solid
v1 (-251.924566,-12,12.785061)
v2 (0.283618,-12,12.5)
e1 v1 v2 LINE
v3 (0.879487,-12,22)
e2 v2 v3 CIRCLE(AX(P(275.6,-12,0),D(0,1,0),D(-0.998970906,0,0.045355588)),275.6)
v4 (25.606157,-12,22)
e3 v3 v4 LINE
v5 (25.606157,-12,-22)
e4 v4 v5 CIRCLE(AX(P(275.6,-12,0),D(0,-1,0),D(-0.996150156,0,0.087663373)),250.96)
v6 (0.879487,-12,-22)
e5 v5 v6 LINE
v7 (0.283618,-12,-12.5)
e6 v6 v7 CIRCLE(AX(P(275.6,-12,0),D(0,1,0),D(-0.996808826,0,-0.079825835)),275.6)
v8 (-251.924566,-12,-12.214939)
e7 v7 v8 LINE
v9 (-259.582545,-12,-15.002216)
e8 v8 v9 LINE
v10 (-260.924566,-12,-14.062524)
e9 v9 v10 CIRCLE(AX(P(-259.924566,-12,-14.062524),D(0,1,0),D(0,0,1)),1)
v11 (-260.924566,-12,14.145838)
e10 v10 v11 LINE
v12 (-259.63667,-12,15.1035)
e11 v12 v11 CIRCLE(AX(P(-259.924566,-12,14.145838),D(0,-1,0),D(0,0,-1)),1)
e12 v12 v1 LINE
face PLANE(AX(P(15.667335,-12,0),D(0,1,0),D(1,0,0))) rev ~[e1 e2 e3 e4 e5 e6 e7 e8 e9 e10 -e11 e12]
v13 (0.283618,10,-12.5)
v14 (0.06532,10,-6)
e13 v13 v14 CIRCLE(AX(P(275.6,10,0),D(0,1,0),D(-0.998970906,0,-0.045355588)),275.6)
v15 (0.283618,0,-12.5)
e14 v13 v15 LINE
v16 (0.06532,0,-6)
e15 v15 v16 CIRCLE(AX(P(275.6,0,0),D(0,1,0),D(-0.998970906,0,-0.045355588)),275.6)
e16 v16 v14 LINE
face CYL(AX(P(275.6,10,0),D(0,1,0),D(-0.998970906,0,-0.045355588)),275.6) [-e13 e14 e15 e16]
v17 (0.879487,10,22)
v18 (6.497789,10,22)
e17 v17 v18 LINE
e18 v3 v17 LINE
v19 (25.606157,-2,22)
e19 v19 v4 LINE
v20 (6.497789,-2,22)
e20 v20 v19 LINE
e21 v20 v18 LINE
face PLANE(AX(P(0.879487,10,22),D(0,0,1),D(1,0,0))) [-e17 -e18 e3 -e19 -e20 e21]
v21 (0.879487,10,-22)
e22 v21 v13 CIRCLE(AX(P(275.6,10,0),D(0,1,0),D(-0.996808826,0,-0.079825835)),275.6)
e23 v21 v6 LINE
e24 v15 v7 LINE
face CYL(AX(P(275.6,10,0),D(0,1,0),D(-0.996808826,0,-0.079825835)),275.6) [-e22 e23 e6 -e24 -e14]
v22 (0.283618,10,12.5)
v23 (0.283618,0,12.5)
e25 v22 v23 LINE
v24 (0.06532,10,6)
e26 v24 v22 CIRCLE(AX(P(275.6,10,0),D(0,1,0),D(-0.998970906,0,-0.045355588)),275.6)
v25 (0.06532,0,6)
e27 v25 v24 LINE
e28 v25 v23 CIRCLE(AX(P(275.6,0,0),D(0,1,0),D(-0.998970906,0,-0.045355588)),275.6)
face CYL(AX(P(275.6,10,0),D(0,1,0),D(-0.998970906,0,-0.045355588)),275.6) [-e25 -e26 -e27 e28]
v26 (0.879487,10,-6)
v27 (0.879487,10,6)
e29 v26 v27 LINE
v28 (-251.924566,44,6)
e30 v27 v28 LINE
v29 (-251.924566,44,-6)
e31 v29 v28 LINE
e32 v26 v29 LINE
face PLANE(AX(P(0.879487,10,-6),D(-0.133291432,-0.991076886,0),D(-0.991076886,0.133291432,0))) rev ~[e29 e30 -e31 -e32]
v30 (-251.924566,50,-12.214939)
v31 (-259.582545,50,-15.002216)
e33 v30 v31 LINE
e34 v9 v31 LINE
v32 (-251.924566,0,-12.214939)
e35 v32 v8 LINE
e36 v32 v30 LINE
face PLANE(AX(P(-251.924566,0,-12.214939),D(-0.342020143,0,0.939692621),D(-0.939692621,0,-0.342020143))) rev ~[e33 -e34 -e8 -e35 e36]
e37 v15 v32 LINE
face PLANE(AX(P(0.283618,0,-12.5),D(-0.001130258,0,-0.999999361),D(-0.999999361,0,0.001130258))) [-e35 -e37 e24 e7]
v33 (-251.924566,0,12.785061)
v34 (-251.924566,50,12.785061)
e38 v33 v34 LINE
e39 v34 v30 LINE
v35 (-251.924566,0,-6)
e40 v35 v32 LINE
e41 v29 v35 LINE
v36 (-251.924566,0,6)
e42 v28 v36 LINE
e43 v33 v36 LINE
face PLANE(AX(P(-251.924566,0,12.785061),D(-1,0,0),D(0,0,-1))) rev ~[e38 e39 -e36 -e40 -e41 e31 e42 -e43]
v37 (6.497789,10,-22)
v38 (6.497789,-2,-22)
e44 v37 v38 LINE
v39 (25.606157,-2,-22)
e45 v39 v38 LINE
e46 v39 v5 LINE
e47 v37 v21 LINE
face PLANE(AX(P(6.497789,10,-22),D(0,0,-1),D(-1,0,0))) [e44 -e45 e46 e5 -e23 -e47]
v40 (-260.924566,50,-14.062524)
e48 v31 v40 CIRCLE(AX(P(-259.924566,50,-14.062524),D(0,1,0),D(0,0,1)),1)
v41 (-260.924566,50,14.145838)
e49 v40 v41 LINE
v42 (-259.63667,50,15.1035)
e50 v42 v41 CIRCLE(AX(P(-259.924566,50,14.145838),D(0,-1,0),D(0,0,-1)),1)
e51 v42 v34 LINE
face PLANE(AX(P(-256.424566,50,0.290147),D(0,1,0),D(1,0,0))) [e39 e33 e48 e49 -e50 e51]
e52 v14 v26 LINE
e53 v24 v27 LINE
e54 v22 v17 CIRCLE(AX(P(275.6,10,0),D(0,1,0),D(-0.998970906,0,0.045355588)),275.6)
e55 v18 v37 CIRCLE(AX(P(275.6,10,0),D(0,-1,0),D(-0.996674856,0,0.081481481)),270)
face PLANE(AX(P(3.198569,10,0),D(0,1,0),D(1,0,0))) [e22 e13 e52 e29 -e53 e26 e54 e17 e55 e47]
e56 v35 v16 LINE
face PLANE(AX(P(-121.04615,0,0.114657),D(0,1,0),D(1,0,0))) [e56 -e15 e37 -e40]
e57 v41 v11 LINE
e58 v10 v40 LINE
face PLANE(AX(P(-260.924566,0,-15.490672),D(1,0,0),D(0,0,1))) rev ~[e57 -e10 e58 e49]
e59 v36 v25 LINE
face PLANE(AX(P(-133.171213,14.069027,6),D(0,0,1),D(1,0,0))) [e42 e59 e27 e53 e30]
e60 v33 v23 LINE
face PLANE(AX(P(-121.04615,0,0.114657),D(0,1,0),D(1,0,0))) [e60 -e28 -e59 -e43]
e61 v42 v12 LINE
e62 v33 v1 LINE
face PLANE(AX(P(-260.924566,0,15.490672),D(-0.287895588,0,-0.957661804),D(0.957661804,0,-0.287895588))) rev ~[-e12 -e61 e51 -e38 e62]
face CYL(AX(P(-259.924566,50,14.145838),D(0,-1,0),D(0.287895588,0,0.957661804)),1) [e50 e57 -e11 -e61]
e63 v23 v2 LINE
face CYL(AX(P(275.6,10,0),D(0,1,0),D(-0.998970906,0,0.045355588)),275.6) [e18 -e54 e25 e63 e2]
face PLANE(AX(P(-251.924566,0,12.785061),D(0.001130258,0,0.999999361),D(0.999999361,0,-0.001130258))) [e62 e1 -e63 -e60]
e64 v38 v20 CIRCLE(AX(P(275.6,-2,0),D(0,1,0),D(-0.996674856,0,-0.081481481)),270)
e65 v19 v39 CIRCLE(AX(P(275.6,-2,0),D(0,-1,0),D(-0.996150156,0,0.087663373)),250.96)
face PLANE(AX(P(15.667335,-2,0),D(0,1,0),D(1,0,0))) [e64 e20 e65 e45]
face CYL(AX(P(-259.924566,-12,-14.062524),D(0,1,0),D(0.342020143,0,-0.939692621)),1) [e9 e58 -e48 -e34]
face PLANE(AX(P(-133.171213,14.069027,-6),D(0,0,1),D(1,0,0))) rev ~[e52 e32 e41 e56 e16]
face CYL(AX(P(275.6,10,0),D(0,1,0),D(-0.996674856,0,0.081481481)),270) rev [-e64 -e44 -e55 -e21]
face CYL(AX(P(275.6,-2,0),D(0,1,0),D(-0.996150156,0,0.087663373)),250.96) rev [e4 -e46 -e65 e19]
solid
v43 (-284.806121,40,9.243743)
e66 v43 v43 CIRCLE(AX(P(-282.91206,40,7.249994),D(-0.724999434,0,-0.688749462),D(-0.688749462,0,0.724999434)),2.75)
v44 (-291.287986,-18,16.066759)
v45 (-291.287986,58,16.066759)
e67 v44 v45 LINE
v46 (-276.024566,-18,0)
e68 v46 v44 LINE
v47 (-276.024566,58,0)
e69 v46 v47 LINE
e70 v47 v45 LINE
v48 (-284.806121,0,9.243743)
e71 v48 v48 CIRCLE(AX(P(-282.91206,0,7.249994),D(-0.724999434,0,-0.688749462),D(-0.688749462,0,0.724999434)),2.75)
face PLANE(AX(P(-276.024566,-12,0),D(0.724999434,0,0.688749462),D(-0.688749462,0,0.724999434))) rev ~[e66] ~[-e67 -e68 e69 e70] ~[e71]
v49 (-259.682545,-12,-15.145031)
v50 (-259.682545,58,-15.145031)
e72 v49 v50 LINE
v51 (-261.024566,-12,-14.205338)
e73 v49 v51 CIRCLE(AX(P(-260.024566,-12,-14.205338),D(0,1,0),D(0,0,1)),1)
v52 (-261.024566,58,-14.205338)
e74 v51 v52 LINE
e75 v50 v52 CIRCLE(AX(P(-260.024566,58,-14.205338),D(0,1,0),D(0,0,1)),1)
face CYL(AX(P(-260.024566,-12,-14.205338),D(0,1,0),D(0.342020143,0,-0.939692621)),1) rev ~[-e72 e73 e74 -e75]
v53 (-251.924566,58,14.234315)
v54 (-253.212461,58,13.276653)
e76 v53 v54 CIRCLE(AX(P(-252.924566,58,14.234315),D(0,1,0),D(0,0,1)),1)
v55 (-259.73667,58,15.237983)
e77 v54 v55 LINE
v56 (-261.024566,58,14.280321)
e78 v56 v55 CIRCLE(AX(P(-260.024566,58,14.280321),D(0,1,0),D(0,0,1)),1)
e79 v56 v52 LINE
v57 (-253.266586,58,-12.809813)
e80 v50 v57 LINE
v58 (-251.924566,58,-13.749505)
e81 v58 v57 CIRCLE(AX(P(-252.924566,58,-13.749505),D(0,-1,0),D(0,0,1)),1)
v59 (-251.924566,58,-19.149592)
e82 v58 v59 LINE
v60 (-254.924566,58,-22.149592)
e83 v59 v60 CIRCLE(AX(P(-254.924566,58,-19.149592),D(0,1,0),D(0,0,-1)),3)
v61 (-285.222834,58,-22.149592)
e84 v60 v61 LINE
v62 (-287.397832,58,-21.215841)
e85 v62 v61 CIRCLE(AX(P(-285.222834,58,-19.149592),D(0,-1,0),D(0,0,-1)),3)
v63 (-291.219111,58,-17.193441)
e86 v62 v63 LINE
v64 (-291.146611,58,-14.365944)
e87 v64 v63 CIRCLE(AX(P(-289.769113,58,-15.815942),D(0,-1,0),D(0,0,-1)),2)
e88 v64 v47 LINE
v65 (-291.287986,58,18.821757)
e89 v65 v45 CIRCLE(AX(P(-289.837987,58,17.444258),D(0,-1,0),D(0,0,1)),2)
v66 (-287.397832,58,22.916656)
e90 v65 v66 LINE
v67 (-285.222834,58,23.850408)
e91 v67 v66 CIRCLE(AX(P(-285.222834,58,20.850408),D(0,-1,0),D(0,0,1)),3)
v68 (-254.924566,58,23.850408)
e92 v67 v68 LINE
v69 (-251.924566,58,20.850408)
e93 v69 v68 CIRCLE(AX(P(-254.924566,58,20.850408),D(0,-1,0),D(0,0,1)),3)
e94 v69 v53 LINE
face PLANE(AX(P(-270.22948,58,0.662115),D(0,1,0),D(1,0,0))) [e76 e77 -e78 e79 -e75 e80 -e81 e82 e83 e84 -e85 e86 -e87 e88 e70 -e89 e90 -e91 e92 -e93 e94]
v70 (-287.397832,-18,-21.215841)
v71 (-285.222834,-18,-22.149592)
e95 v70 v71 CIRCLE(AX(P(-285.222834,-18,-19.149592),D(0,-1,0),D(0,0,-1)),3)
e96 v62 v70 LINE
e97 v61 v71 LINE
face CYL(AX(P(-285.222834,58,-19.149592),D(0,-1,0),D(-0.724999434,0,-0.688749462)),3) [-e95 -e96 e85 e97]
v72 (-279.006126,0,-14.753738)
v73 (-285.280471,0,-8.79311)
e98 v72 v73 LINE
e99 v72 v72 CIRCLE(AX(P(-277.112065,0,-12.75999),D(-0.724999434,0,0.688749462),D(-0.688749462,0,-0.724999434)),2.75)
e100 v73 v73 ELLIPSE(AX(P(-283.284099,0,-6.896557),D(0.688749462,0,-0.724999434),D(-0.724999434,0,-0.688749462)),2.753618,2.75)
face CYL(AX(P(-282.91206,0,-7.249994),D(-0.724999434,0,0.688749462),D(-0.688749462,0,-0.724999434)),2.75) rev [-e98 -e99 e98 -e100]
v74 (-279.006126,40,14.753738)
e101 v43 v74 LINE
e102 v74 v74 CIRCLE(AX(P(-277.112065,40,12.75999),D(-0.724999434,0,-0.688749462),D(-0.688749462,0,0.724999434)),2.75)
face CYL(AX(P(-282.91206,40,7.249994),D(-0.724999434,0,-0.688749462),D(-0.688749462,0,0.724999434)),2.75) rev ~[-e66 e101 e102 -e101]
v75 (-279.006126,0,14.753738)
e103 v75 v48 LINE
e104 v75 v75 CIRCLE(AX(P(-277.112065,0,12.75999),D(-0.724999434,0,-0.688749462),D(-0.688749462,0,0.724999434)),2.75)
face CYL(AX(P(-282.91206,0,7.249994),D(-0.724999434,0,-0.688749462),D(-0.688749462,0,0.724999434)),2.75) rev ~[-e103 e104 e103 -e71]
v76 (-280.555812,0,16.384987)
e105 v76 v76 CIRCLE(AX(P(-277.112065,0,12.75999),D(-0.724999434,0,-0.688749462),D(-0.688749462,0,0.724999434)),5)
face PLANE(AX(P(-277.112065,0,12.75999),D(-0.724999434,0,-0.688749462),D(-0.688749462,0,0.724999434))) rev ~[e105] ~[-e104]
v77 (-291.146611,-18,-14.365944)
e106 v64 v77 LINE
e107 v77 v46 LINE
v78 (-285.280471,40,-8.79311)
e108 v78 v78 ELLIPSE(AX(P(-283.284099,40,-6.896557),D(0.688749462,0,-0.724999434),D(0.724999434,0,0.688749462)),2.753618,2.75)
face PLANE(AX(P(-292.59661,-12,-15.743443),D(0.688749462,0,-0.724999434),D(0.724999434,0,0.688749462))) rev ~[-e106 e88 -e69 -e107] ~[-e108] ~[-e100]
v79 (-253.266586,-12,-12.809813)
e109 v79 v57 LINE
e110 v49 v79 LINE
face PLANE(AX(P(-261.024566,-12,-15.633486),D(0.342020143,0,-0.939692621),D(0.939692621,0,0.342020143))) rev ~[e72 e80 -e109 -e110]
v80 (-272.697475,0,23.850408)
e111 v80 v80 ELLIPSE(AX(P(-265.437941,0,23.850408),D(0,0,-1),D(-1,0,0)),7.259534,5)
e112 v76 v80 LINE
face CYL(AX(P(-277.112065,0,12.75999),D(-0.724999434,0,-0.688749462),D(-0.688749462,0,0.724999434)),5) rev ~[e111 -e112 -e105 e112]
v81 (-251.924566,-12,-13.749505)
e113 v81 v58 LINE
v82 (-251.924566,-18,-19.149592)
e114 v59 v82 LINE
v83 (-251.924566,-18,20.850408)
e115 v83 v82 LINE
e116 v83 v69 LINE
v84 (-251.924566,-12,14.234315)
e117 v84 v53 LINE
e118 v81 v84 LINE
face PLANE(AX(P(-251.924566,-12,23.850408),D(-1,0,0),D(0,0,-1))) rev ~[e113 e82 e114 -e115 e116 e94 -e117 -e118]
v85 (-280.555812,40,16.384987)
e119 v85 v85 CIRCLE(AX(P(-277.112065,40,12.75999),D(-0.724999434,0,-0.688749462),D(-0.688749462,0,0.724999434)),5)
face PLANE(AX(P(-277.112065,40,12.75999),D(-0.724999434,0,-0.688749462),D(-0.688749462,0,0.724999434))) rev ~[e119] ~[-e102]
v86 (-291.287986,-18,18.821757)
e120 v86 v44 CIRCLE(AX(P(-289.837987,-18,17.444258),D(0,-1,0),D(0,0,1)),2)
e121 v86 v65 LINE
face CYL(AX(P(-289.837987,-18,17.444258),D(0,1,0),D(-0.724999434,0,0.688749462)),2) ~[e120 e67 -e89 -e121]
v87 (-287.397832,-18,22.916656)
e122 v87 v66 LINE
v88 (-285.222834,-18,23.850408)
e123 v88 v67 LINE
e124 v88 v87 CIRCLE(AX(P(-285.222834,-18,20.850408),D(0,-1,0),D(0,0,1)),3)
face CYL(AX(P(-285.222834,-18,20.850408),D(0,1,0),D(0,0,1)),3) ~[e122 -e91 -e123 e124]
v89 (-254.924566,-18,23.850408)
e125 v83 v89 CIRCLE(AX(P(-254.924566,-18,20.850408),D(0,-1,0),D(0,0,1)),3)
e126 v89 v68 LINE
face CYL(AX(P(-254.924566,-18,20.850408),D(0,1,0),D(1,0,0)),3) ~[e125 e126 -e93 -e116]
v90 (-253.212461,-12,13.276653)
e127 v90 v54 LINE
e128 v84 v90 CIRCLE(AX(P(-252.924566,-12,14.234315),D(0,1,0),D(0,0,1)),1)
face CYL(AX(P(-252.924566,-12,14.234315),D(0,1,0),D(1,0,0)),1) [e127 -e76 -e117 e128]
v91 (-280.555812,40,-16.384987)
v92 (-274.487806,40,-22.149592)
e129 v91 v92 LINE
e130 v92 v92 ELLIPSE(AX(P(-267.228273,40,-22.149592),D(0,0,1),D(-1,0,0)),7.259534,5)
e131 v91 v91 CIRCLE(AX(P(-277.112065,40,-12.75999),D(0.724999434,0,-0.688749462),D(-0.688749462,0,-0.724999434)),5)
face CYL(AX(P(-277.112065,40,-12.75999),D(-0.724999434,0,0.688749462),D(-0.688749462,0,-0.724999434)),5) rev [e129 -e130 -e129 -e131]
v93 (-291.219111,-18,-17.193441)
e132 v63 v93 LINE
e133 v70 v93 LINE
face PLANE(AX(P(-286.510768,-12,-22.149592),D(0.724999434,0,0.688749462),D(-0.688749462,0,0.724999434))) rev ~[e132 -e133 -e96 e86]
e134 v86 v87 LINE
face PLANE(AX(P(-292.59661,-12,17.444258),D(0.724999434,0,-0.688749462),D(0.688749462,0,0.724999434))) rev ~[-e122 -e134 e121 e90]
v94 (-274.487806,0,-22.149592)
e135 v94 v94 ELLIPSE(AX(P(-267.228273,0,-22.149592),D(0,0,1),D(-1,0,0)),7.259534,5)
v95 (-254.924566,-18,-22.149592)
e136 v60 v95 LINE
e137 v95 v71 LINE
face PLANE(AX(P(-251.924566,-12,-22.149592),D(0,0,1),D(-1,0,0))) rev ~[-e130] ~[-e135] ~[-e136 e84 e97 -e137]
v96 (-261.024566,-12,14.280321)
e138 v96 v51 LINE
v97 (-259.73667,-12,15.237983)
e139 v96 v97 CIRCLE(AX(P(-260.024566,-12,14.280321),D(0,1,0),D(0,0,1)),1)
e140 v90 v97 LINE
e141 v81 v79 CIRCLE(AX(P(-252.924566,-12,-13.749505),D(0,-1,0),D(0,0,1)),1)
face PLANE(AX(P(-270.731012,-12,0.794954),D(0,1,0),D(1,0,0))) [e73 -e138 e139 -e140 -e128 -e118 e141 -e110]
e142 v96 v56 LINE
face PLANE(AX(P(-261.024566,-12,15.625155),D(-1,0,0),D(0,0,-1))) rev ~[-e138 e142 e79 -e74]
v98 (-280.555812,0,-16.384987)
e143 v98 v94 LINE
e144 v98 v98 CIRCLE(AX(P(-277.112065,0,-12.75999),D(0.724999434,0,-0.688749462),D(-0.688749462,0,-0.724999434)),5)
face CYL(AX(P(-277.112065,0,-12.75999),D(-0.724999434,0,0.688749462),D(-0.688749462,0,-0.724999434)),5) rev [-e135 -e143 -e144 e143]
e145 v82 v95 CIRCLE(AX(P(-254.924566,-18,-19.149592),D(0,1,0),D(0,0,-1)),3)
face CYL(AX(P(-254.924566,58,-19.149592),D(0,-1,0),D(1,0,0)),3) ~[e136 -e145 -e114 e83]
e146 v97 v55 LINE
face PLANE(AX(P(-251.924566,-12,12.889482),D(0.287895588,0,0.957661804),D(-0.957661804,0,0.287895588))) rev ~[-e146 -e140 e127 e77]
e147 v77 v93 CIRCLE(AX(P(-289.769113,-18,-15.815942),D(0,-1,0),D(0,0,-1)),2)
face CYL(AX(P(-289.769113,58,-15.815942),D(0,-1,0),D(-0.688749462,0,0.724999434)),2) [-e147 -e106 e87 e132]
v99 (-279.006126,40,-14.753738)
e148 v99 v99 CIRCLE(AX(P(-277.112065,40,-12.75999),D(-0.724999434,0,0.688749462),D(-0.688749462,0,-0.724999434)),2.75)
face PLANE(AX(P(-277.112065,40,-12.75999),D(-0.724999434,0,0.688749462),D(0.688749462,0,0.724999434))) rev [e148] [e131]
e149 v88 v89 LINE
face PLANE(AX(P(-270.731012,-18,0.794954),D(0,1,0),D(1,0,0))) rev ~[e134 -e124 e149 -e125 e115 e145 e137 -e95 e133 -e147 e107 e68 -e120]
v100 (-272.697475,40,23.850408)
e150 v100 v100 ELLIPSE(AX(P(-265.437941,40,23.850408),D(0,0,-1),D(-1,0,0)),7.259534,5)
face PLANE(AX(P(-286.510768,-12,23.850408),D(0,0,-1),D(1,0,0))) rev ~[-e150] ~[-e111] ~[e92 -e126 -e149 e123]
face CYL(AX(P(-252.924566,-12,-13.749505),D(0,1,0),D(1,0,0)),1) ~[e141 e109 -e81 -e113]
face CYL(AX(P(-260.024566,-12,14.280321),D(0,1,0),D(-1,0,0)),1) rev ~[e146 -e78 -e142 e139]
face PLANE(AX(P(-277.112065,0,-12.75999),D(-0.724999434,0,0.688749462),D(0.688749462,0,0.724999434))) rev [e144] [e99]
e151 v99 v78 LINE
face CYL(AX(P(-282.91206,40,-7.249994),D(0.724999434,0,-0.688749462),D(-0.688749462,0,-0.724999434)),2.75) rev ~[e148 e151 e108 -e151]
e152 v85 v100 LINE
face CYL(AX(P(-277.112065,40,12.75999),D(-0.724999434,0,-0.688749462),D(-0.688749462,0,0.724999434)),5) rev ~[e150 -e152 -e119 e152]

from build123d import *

# Parameters (mm, degrees)
BOSS_EXTRUDE2_DEPTH       = 12
BOSS_EXTRUDE3_START       = -2
BOSS_EXTRUDE3_DEPTH       = 10
BOSS_EXTRUDE4_START       = 10
BOSS_EXTRUDE4_DEPTH       = 22
BOSS_EXTRUDE5_START       = -12
BOSS_EXTRUDE5_DEPTH       = 6
BOSS_EXTRUDE6_START       = -12
BOSS_EXTRUDE6_DEPTH       = 70
BOSS_EXTRUDE7_DEPTH       = 50
BOSS_EXTRUDE17_DEPTH      = 6
BOSS_EXTRUDE17_DEPTH_BACK = 6
CUT_EXTRUDE1_START        = -8
SKETCH5_R                 = 5
CUT_EXTRUDE1_DEPTH        = 235.157775221
SKETCH5_3_R               = 2.75
CUT_EXTRUDE2_DEPTH        = 243.157775221
FILLET1_R                 = 1
FILLET2_R                 = 1
FILLET3_R                 = 3
FILLET4_R                 = 2


with BuildPart() as part:
    # Sketch2 → Boss-Extrude2 (new body)
    with BuildSketch(Plane(origin=(0, 0, 0), x_dir=(1, 0, 0), z_dir=(0, 1, 0))):
        with BuildLine():
            Line((-260.92456554, 15.490671542), (-260.92456554, -15.490671542))
            Line((-260.92456554, -15.490671542), (-251.92456554, -12.785060566))
            Line((-251.92456554, -12.785060566), (0.283618359, -12.5))
            ThreePointArc((0.283618359, -12.5), (0.540536002, -17.252572707), (0.879487479, -22))
            Line((0.879487479, -22), (6.497788935, -22))
            ThreePointArc((6.497788935, -22), (5.6, 0), (6.497788935, 22))
            Line((6.497788935, 22), (0.879487479, 22))
            ThreePointArc((0.879487479, 22), (0.540536002, 17.252572707), (0.283618359, 12.5))
            Line((0.283618359, 12.5), (-251.92456554, 12.214939434))
            Line((-251.92456554, 12.214939434), (-260.92456554, 15.490671542))
        make_face()
    extrude(amount=-BOSS_EXTRUDE2_DEPTH)

    # Sketch2<5> → Boss-Extrude3 (add)
    with BuildSketch(Plane(origin=(0, 0, 0), x_dir=(1, 0, 0), z_dir=(0, 1, 0)).offset(BOSS_EXTRUDE3_START)):
        with BuildLine():
            Line((25.606156876, 22), (6.497788935, 22))
            ThreePointArc((6.497788935, 22), (5.6, 0), (6.497788935, -22))
            Line((6.497788935, -22), (25.606156876, -22))
            ThreePointArc((25.606156876, -22), (24.64, 0), (25.606156876, 22))
        make_face()
    extrude(amount=-BOSS_EXTRUDE3_DEPTH)

    # Sketch2<6> → Boss-Extrude4 (add)
    with BuildSketch(Plane(origin=(0, 0, 0), x_dir=(1, 0, 0), z_dir=(0, 1, 0)).offset(BOSS_EXTRUDE4_START)):
        with BuildLine():
            ThreePointArc((0.879487479, 22), (0.540536002, 17.252572707), (0.283618359, 12.5))
            ThreePointArc((0.283618359, 12.5), (0, 0), (0.283618359, -12.5))
            ThreePointArc((0.283618359, -12.5), (0.540536002, -17.252572707), (0.879487479, -22))
            Line((0.879487479, -22), (6.497788935, -22))
            ThreePointArc((6.497788935, -22), (5.6, 0), (6.497788935, 22))
            Line((6.497788935, 22), (0.879487479, 22))
        make_face()
    extrude(amount=-BOSS_EXTRUDE4_DEPTH)

    # Sketch2<9> → Boss-Extrude7 (add)
    with BuildSketch(Plane(origin=(0, 0, 0), x_dir=(1, 0, 0), z_dir=(0, 1, 0))):
        Polygon((-251.92456554, 12.214939434), (-260.92456554, 12.204767103), (-260.92456554, -12.795232897), (-251.92456554, -12.785060566), align=None)
        Polygon((-260.92456554, 15.490671542), (-260.92456554, 12.204767103), (-251.92456554, 12.214939434), align=None)
        Polygon((-251.92456554, -12.785060566), (-260.92456554, -12.795232897), (-260.92456554, -15.490671542), align=None)
    extrude(amount=BOSS_EXTRUDE7_DEPTH)

    # Sketch4 → Boss-Extrude17 (add, two sides: drawn at the far end of the back side and taken through both)
    with BuildSketch(Plane.XY.offset(-BOSS_EXTRUDE17_DEPTH_BACK)):
        Polygon((0.879487479, 10), (-251.92456554, 44), (-251.92456554, 0), (0.879487479, 0), align=None)
    extrude(amount=BOSS_EXTRUDE17_DEPTH + BOSS_EXTRUDE17_DEPTH_BACK)

    # Fillet2
    fillet2_edges = [part.edges().sort_by_distance(p)[0] for p in [
        (-260.92456554, 19, 15.490671542),
        (-260.92456554, 19, -15.490671542),
    ]]
    fillet(fillet2_edges, radius=FILLET2_R)


with BuildPart() as body_2:
    # Sketch2<7> → Boss-Extrude5 (new body)
    with BuildSketch(Plane(origin=(0, 0, 0), x_dir=(1, 0, 0), z_dir=(0, 1, 0)).offset(BOSS_EXTRUDE5_START)):
        Polygon((-251.92456554, -23.850407561), (-251.92456554, 22.149592439), (-286.510767905, 22.149592439), (-292.596610314, 15.743442535), (-276.02456554, 0), (-292.596610314, -17.444257657), (-286.510767905, -23.850407561), align=None)
    extrude(amount=-BOSS_EXTRUDE5_DEPTH)

    # Sketch2<8> → Boss-Extrude6 (add)
    with BuildSketch(Plane(origin=(0, 0, 0), x_dir=(1, 0, 0), z_dir=(0, 1, 0)).offset(BOSS_EXTRUDE6_START)):
        Polygon((-292.596610314, 15.743442535), (-276.02456554, 0), (-292.596610314, -17.444257657), (-286.510767905, -23.850407561), (-251.92456554, -23.850407561), (-251.92456554, -12.889481563), (-261.02456554, -15.625154883), (-261.02456554, 15.633486343), (-251.92456554, 12.321357211), (-251.92456554, 22.149592439), (-286.510767905, 22.149592439), align=None)
    extrude(amount=BOSS_EXTRUDE6_DEPTH)

    # Sketch5 → Cut-Extrude1 (cut, through all)
    with BuildSketch(Plane(origin=(-145.085185566, 0, -137.830926288), x_dir=(-0.6887494619146907, 0, 0.724999433594416), z_dir=(-0.724999433594416, 0, -0.6887494619146907)).offset(CUT_EXTRUDE1_START)):
        with Locations((200.111770991, 40)):
            Circle(SKETCH5_R)
        with Locations((200.111770991, 0)):
            Circle(SKETCH5_R)
    cut_extrude1 = extrude(amount=-CUT_EXTRUDE1_DEPTH, mode=Mode.SUBTRACT)

    # Sketch5<3> → Cut-Extrude2 (cut, symmetric)
    with BuildSketch(Plane(origin=(-145.085185566, 0, -137.830926288), x_dir=(-0.6887494619146907, 0, 0.724999433594416), z_dir=(-0.724999433594416, 0, -0.6887494619146907))):
        with Locations((200.111770991, 40)):
            Circle(SKETCH5_3_R)
        with Locations((200.111770991, 0)):
            Circle(SKETCH5_3_R)
    cut_extrude2 = extrude(amount=CUT_EXTRUDE2_DEPTH, both=True, mode=Mode.SUBTRACT)

    # Mirror1: Cut-Extrude1, Cut-Extrude2 across plane
    add(cut_extrude1.mirror(Plane.XY), mode=Mode.SUBTRACT)
    add(cut_extrude2.mirror(Plane.XY), mode=Mode.SUBTRACT)

    # Fillet1
    fillet1_edges = [body_2.edges().sort_by_distance(p)[0] for p in [
        (-251.92456554, 23, 12.889481563),
        (-261.02456554, 23, 15.625154883),
        (-261.02456554, 23, -15.633486343),
        (-251.92456554, 23, -12.321357211),
    ]]
    fillet(fillet1_edges, radius=FILLET1_R)

    # Fillet3
    fillet3_edges = [body_2.edges().sort_by_distance(p)[0] for p in [
        (-251.92456554, 20, 23.850407561),
        (-251.92456554, 20, -22.149592439),
        (-286.510767905, 20, -22.149592439),
        (-286.510767905, 20, 23.850407561),
    ]]
    fillet(fillet3_edges, radius=FILLET3_R)

    # Fillet4
    fillet4_edges = [body_2.edges().sort_by_distance(p)[0] for p in [
        (-292.596610314, 20, -15.743442535),
        (-292.596610314, 20, 17.444257657),
    ]]
    fillet(fillet4_edges, radius=FILLET4_R)


solid = Compound([part.part, body_2.part])
